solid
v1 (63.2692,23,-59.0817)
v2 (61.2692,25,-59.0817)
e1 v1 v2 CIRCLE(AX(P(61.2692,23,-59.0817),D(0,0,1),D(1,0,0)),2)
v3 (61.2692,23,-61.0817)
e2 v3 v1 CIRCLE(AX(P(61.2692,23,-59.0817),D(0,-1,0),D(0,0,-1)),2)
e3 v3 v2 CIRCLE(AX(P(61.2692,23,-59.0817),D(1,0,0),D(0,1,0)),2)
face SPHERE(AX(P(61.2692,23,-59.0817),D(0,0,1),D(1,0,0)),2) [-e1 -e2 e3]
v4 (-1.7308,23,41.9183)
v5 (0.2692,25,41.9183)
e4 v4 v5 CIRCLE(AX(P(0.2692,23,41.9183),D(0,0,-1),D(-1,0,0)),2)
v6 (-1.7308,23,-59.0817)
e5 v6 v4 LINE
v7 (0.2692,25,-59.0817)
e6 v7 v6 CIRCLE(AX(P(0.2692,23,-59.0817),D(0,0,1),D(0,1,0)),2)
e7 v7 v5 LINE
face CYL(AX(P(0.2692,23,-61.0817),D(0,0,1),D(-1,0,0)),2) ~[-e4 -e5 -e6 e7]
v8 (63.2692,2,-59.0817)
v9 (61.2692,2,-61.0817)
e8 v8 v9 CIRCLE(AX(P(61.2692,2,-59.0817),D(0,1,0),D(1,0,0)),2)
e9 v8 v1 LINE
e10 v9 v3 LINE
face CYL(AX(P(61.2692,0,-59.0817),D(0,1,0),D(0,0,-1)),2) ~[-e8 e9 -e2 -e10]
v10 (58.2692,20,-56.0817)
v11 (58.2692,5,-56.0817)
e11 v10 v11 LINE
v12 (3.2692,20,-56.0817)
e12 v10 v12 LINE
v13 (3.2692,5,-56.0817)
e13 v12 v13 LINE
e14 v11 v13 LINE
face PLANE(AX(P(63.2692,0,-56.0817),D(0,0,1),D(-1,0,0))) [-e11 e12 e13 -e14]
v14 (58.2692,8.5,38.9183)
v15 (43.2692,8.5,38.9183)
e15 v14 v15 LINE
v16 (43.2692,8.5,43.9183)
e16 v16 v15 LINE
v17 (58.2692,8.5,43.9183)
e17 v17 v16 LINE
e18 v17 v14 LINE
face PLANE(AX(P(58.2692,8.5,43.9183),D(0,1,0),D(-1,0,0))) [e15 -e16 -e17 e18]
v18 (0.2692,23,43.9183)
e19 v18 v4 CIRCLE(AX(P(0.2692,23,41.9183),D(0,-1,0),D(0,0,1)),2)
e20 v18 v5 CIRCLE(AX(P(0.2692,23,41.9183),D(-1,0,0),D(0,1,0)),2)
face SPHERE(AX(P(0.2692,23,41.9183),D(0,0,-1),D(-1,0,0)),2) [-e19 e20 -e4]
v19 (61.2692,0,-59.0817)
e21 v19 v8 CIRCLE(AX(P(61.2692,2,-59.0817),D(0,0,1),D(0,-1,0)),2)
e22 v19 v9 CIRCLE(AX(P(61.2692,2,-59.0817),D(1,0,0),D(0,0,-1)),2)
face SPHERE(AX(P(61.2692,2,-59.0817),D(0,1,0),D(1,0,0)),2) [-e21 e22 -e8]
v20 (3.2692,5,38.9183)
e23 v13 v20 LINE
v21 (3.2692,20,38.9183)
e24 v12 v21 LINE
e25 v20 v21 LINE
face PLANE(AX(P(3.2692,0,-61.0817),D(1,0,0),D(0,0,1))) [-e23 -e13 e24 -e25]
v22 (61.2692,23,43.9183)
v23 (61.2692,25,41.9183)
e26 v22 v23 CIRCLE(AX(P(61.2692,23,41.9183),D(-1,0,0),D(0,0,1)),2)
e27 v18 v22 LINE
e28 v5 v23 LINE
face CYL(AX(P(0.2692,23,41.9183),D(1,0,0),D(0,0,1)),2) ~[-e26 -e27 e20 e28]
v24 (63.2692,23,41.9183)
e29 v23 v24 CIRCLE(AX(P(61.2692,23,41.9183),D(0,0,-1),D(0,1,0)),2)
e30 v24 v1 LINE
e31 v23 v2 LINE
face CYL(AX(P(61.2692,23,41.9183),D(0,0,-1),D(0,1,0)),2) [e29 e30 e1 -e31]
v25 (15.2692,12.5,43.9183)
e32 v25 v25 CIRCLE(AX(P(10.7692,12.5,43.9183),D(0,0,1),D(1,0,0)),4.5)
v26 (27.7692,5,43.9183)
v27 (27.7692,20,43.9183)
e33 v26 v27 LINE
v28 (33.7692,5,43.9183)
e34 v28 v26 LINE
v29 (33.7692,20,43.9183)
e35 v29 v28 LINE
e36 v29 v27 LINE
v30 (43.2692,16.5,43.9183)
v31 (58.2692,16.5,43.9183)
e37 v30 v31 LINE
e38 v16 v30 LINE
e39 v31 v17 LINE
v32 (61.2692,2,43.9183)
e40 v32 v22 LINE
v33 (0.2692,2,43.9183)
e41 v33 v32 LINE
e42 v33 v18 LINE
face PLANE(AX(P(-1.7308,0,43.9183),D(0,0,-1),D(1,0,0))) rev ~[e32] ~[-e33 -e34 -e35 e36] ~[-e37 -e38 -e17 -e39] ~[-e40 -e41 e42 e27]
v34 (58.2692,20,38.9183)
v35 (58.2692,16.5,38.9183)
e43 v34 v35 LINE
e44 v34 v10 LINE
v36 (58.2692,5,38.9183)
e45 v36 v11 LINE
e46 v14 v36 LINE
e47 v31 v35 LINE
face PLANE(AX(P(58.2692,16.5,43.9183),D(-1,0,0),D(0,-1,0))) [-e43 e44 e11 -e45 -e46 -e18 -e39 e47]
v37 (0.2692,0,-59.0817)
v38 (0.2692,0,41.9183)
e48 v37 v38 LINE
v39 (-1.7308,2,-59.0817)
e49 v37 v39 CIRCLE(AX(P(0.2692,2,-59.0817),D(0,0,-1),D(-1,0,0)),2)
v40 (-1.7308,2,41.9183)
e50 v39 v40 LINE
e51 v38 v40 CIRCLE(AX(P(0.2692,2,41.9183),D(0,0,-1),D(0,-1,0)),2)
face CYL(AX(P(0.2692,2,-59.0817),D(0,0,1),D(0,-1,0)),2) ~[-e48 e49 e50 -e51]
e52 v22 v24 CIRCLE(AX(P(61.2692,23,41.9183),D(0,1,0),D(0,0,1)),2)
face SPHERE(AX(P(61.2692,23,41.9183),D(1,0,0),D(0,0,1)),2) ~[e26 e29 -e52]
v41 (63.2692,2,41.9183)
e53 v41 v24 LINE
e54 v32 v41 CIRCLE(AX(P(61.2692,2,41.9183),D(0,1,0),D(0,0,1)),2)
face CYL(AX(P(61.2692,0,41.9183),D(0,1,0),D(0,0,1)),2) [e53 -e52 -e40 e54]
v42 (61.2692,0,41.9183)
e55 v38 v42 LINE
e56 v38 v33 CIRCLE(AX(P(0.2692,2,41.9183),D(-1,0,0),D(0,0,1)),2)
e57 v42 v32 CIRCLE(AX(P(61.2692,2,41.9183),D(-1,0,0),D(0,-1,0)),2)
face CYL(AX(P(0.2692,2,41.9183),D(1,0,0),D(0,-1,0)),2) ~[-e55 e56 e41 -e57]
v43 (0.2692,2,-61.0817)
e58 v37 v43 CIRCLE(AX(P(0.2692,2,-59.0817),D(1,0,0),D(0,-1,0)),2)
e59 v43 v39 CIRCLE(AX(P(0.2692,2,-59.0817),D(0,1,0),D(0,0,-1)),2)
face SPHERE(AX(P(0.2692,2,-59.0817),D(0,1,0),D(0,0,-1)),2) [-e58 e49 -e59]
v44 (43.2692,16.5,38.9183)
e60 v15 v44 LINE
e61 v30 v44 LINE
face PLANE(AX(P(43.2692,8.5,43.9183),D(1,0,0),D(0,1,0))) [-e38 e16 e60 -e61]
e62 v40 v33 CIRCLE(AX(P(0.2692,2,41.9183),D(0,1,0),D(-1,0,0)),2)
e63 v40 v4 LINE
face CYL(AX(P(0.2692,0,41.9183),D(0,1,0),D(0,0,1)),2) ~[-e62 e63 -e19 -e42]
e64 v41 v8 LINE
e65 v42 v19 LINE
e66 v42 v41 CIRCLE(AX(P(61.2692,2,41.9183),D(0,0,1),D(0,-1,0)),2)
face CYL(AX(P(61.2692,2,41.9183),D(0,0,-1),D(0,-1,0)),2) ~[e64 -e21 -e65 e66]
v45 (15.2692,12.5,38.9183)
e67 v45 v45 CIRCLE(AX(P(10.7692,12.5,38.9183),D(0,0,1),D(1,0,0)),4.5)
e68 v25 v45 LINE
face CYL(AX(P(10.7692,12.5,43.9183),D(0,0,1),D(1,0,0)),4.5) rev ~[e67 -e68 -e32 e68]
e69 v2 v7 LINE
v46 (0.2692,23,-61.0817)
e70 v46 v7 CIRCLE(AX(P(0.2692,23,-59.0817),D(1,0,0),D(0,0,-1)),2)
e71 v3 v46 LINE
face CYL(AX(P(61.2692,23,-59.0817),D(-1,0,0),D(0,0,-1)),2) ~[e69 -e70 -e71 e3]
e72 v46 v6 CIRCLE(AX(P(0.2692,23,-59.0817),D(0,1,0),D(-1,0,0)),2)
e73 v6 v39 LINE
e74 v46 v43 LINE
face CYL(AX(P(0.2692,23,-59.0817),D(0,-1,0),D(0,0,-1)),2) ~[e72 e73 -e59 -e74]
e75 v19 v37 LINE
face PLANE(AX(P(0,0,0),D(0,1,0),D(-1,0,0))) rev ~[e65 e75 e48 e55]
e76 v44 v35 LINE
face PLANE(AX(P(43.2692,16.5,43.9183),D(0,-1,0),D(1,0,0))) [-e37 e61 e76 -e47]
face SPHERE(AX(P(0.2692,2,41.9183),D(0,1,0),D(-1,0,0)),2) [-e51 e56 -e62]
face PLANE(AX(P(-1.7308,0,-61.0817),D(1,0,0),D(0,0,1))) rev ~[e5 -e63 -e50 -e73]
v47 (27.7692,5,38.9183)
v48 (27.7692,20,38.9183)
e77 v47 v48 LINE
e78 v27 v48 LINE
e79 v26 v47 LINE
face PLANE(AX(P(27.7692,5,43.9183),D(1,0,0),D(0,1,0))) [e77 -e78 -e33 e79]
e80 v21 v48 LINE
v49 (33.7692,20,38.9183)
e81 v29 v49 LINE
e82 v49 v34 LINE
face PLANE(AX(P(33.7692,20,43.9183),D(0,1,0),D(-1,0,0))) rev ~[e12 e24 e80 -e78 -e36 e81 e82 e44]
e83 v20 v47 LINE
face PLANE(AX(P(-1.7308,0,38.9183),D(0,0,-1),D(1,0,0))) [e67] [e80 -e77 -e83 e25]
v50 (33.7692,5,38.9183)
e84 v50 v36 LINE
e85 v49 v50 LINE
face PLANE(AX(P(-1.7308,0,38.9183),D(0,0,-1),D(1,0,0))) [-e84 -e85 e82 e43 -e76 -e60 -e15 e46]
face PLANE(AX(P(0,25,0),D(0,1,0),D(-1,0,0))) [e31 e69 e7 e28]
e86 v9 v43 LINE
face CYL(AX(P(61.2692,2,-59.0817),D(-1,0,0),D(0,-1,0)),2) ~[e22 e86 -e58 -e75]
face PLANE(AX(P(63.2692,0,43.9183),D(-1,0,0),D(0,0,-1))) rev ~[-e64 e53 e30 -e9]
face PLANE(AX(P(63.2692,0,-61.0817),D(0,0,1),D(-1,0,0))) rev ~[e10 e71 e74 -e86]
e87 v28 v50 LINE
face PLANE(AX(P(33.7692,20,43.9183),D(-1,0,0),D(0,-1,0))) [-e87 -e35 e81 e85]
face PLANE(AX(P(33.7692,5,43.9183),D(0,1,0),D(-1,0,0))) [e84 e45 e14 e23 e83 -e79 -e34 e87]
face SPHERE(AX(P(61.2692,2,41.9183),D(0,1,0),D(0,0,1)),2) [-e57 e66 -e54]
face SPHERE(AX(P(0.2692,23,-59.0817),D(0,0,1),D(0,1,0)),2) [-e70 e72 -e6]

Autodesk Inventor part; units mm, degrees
ref_plane "YZ Plane" through (0, 0, 0) normal (1, 0, 0) x (0, 1, 0)
ref_plane "XZ Plane" through (0, 0, 0) normal (0, 1, 0) x (-1, 0, 0)
ref_plane "XY Plane" through (0, 0, 0) normal (0, 0, 1) x (1, 0, 0)
sketch "Boceto1" plane through (0, 0, 0) normal (0, 1, 0) x (-1, 0, 0)
  line L0 (1.7308, 43.9183) -> (-63.2692, 43.9183)
  line L1 (-63.2692, 43.9183) -> (-63.2692, -61.0817)
  line L2 (-63.2692, -61.0817) -> (1.7308, -61.0817)
  line L3 (1.7308, -61.0817) -> (1.7308, 43.9183)
  point P0 (0, 0)
  dimension "d0" = 105
  dimension "d1" = 65
extrude "Extrusión1" add sketch "Boceto1" along normal blind 25
shell "Vaciado1" thickness 5 removed faces 1 at (19.9359, 25, -26.0817)
sketch "Boceto2" plane through (0, 25, 0) normal (0, 1, 0) x (1, 0, 0)
  line L0 (3.2692, 56.0817) -> (3.2692, -38.9183) projected
  line L1 (58.2692, 56.0817) -> (3.2692, 56.0817)
  line L2 (3.2692, 56.0817) -> (3.2692, -38.9183)
  line L3 (3.2692, -38.9183) -> (58.2692, -38.9183)
  line L4 (58.2692, -38.9183) -> (58.2692, 56.0817)
  point P0 (0, 0)
extrude "Extrusión2" add sketch "Boceto2" against normal blind 5
sketch "Boceto3" plane through (-1.7308, 0, 43.9183) normal (0, 0, 1) x (1, 0, 0)
  circle A0 centre (12.5, 12.5) radius 4.5
  line L0 (0, 0) -> (65, 0) projected
  line L1 (0, 0) -> (0, 25) projected
  point P0 (1.7308, 0)
  dimension "d12" = 9
  dimension "d13" = 12.5
  dimension "d14" = 12.5
extrude "Extrusión3" cut sketch "Boceto3" against normal blind 5
sketch "Boceto4" plane through (-1.7308, 0, 43.9183) normal (0, 0, 1) x (1, 0, 0)
  line L0 (60, 20) -> (5, 20) projected
  line L1 (60, 5) -> (5, 5) projected
  line L2 (29.5, 20) -> (35.5, 20)
  line L3 (35.5, 20) -> (35.5, 5)
  line L4 (35.5, 5) -> (29.5, 5)
  line L5 (29.5, 5) -> (29.5, 20)
  line L6 (0, 0) -> (0, 25) projected
  line L7 (65, 0) -> (65, 25) projected
  point P0 (1.7308, 0)
  point P1 (29.5, 12.5)
  point P2 (0, 12.5)
  dimension "d17" = 6
  dimension "d18" = 29.5
  dimension "d19" = 29.5
extrude "Extrusión4" cut sketch "Boceto4" against normal blind 5
sketch "Boceto5" plane through (-1.7308, 0, 43.9183) normal (0, 0, 1) x (1, 0, 0)
  line L0 (45, 16.5) -> (60, 16.5)
  line L1 (60, 16.5) -> (60, 8.5)
  line L2 (60, 8.5) -> (45, 8.5)
  line L3 (45, 8.5) -> (45, 16.5)
  line L4 (0, 25) -> (65, 25) projected
  line L5 (0, 0) -> (65, 0) projected
  line L6 (65, 0) -> (65, 25) projected
  point P0 (1.7308, 0)
  point P1 (52.5, 8.5)
  point P2 (52.5, 16.5)
  point P3 (60, 12.5)
  point P4 (45, 12.5)
  point P5 (65, 12.5)
  dimension "d22" = 8
  dimension "d23" = 15
  dimension "d24" = 8.5
  dimension "d25" = 8.5
  dimension "d26" = 5
extrude "Extrusión5" cut sketch "Boceto5" against normal blind 5
fillet "Empalme6" radius 2 1 edges at (-1.7308, 25, -8.5817)
fillet "Empalme7" radius 2 3 edges at (31.7692, 25, 43.9183) (-1.145, 24.4142, 43.9183) (-1.7308, 11.5, 43.9183)
fillet "Empalme8" radius 2 3 edges at (63.2692, 25, -9.5817) (63.2692, 24.4142, 43.3325) (63.2692, 11.5, 43.9183)
fillet "Empalme9" radius 2 5 edges at (30.7692, 25, -61.0817) (-1.145, 24.4142, -61.0817) (-1.7308, 11.5, -61.0817) (62.6834, 24.4142, -61.0817) (63.2692, 11.5, -61.0817)
fillet "Empalme10" radius 2 8 edges at (63.2692, 0, -8.5817) (62.6834, 0, -60.4959) (30.7692, 0, -61.0817) (-1.145, 0, -60.4959) (-1.7308, 0, -8.5817) (-1.145, 0, 43.3325) (30.7692, 0, 43.9183) (62.6834, 0, 43.3325)
properties part number "Lithium Battery"
